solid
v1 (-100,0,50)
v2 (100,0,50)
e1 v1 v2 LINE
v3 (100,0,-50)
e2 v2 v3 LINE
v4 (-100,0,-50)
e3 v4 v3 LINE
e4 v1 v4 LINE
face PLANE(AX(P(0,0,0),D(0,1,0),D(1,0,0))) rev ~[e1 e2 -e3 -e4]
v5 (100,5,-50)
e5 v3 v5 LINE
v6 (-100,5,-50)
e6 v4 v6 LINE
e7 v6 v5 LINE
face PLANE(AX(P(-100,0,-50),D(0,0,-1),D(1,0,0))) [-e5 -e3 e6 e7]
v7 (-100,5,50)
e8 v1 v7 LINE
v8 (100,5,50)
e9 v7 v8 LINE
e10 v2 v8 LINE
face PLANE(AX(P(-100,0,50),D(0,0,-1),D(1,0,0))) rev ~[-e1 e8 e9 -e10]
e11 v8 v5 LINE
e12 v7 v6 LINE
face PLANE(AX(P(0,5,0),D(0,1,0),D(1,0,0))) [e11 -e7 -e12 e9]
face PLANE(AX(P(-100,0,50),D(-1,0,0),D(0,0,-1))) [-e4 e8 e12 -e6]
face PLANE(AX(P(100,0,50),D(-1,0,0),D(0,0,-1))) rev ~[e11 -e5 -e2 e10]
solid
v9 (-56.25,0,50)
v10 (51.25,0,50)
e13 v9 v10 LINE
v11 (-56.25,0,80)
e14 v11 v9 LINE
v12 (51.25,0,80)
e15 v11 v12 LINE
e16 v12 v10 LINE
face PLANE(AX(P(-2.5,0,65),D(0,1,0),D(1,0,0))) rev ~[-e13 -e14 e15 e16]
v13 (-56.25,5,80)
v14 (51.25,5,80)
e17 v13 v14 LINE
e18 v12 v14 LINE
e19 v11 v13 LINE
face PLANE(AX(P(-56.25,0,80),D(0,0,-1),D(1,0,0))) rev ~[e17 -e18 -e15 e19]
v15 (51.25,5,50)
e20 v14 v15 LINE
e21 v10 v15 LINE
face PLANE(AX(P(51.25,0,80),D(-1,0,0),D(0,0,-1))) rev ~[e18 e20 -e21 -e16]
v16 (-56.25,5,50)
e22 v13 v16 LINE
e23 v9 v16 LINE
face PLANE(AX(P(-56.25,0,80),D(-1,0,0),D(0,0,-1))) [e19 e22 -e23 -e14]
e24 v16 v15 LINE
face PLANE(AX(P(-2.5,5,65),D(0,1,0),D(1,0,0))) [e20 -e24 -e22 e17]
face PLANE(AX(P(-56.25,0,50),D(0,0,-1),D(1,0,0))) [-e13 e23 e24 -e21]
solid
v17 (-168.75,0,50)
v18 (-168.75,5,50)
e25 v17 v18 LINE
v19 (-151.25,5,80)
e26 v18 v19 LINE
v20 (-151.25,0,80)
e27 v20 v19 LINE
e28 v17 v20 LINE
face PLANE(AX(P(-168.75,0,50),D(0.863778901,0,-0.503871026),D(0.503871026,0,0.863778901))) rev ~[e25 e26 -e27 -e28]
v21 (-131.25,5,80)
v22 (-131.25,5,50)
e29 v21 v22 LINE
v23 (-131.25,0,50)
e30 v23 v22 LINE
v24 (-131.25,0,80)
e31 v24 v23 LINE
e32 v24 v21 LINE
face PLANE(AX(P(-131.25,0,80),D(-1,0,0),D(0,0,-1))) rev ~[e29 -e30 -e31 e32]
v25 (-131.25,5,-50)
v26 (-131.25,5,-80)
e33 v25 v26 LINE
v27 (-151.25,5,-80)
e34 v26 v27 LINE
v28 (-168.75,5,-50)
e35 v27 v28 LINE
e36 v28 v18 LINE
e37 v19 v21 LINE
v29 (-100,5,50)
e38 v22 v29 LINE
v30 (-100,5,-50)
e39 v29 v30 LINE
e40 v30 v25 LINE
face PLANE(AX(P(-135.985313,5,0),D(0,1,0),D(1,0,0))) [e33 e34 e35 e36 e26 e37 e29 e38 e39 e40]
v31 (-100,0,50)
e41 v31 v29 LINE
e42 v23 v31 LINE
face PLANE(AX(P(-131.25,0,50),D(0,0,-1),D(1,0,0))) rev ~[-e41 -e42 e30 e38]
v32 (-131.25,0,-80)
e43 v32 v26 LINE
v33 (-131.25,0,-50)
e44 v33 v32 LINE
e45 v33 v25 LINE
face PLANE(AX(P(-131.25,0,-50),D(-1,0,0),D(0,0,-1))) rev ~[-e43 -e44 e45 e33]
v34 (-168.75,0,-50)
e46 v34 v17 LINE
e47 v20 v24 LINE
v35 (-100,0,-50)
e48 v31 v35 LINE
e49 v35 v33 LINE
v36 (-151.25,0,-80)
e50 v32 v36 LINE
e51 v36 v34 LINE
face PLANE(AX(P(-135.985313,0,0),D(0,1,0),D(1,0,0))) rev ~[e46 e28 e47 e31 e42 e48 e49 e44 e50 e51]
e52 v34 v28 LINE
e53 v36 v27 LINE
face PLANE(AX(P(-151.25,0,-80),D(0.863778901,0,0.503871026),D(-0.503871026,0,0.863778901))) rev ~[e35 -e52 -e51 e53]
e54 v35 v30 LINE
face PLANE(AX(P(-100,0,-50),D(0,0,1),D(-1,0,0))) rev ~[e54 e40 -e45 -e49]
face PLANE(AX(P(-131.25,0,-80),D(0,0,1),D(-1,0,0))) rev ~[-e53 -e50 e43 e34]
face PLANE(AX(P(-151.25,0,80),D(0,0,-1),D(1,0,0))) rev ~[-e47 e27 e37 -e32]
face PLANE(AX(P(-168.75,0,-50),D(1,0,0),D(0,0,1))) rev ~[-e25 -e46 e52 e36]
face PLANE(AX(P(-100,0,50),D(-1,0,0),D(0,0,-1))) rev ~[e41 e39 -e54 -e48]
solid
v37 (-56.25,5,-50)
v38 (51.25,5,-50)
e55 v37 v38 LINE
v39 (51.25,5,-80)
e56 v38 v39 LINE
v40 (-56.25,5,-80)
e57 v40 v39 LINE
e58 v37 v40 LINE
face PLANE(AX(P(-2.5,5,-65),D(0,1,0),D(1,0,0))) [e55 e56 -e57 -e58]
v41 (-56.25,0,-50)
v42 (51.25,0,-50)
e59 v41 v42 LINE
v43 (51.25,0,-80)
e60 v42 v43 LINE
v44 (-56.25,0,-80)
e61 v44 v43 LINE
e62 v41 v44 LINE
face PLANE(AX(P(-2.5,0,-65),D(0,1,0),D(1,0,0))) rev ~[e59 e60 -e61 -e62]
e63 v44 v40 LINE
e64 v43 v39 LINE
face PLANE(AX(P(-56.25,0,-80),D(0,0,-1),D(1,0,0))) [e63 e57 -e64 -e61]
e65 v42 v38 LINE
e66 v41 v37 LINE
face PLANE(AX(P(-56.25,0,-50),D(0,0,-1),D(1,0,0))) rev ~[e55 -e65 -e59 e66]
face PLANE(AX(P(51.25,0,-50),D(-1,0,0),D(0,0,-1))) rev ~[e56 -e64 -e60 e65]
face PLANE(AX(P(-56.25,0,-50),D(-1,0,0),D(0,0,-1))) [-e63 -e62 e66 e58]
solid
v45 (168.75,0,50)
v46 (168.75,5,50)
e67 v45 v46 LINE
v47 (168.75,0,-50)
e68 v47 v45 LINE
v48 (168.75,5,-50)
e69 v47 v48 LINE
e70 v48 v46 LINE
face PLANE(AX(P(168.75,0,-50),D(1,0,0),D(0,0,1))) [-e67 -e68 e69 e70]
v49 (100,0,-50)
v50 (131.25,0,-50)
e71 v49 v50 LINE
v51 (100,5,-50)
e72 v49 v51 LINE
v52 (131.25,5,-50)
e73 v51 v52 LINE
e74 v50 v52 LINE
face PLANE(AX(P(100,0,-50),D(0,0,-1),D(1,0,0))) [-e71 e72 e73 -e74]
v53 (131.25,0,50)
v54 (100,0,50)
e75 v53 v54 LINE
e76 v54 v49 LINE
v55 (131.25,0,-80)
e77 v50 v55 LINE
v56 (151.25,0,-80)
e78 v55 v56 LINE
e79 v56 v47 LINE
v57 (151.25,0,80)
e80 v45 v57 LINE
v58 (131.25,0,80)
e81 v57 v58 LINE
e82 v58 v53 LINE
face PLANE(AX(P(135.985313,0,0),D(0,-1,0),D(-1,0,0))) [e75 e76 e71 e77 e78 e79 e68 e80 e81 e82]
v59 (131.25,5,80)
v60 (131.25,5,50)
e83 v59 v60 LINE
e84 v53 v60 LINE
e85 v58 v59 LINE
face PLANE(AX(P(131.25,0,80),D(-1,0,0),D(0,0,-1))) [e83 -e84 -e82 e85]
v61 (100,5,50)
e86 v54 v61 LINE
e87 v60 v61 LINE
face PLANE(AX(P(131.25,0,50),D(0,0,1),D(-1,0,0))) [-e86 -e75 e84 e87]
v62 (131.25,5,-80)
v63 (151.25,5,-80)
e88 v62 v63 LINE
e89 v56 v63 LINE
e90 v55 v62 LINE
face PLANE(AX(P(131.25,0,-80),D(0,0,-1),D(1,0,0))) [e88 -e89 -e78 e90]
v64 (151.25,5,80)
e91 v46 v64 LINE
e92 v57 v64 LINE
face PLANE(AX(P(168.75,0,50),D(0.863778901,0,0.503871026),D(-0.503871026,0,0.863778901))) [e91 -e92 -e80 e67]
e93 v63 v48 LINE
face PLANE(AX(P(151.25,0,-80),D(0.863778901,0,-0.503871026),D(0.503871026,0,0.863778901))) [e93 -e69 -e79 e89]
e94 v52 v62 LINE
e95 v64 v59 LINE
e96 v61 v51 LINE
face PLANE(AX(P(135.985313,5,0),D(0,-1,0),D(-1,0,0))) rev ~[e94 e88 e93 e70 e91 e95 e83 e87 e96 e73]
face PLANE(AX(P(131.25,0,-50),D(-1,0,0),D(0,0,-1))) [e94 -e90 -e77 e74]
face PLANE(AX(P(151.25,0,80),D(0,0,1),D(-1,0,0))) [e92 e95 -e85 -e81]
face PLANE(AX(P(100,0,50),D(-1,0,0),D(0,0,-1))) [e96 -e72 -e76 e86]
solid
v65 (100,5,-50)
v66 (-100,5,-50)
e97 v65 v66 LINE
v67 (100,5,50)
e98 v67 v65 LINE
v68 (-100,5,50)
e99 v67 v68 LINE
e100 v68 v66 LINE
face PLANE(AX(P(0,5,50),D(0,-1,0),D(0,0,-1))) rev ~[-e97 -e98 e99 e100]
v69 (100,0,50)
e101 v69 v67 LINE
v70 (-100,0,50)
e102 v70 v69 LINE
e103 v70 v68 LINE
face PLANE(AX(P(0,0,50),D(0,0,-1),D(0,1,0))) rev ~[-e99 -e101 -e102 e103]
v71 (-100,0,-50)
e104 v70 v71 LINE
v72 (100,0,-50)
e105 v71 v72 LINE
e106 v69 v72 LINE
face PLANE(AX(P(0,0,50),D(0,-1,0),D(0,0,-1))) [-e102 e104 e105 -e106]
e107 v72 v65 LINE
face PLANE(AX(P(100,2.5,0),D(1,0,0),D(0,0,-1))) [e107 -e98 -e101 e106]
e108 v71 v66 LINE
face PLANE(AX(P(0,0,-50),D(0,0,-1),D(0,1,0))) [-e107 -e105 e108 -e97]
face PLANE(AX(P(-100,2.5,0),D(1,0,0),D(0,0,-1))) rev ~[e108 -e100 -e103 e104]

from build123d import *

# Parameters (mm, degrees)
SKETCH1_W             = 200
SKETCH1_H             = 100
BOSS_EXTRUDE1_DEPTH   = 5
SKETCH3_W             = 200
SKETCH3_H             = 5
BOSS_EXTRUDE2_DEPTH   = 50
SKETCH4_W             = 100
SKETCH4_H             = 5
BOSS_EXTRUDE3_DEPTH   = 100
BOSS_EXTRUDE4_DEPTH   = 5
SKETCH6_W             = 107.5
SKETCH6_H             = 30
BOSS_EXTRUDE4_2_DEPTH = 5
BOSS_EXTRUDE4_3_DEPTH = 5
BOSS_EXTRUDE4_4_DEPTH = 5


with BuildPart() as part:
    # Sketch1 → Boss-Extrude1 (new body)
    with BuildSketch(Plane(origin=(0, 0, 0), x_dir=(1, 0, 0), z_dir=(0, 1, 0))):
        Rectangle(SKETCH1_W, SKETCH1_H)
    extrude(amount=BOSS_EXTRUDE1_DEPTH)

    # Sketch3 → Boss-Extrude2 (add, symmetric)
    with BuildSketch(Plane.XY):
        with Locations((0, 2.5)):
            Rectangle(SKETCH3_W, SKETCH3_H)
    extrude(amount=BOSS_EXTRUDE2_DEPTH, both=True)


with BuildPart() as body_2:
    # Sketch4 → Boss-Extrude3 (new, symmetric)
    with BuildSketch(Plane(origin=(0, 0, 0), x_dir=(0, 0, -1), z_dir=(1, 0, 0))):
        with Locations((0, 2.5)):
            Rectangle(SKETCH4_W, SKETCH4_H)
    extrude(amount=BOSS_EXTRUDE3_DEPTH, both=True)


with BuildPart() as body_3:
    # Sketch6 → Boss-Extrude4 (new body)
    with BuildSketch(Plane(origin=(0, 0, 0), x_dir=(1, 0, 0), z_dir=(0, 1, 0))):
        Polygon((-100, 50), (-131.25, 50), (-131.25, 80), (-151.25, 80), (-168.75, 50), (-168.75, -50), (-151.25, -80), (-131.25, -80), (-131.25, -50), (-100, -50), align=None)
    extrude(amount=BOSS_EXTRUDE4_DEPTH)


with BuildPart() as body_4:
    # Sketch6 → Boss-Extrude4 2 (new body)
    with BuildSketch(Plane(origin=(0, 0, 0), x_dir=(1, 0, 0), z_dir=(0, 1, 0))):
        with Locations((-2.5, -65)):
            Rectangle(SKETCH6_W, SKETCH6_H)
    extrude(amount=BOSS_EXTRUDE4_2_DEPTH)


with BuildPart() as body_5:
    # Sketch6 → Boss-Extrude4 3 (new body)
    with BuildSketch(Plane(origin=(0, 0, 0), x_dir=(1, 0, 0), z_dir=(0, 1, 0))):
        Polygon((100, 50), (131.25, 50), (131.25, 80), (151.25, 80), (168.75, 50), (168.75, -50), (151.25, -80), (131.25, -80), (131.25, -50), (100, -50), align=None)
    extrude(amount=BOSS_EXTRUDE4_3_DEPTH)


with BuildPart() as body_6:
    # Sketch6 → Boss-Extrude4 4 (new body)
    with BuildSketch(Plane(origin=(0, 0, 0), x_dir=(1, 0, 0), z_dir=(0, 1, 0))):
        with Locations((-2.5, 65)):
            Rectangle(SKETCH6_W, SKETCH6_H)
    extrude(amount=BOSS_EXTRUDE4_4_DEPTH)


solid = Compound([part.part, body_2.part, body_3.part, body_4.part, body_5.part, body_6.part])
